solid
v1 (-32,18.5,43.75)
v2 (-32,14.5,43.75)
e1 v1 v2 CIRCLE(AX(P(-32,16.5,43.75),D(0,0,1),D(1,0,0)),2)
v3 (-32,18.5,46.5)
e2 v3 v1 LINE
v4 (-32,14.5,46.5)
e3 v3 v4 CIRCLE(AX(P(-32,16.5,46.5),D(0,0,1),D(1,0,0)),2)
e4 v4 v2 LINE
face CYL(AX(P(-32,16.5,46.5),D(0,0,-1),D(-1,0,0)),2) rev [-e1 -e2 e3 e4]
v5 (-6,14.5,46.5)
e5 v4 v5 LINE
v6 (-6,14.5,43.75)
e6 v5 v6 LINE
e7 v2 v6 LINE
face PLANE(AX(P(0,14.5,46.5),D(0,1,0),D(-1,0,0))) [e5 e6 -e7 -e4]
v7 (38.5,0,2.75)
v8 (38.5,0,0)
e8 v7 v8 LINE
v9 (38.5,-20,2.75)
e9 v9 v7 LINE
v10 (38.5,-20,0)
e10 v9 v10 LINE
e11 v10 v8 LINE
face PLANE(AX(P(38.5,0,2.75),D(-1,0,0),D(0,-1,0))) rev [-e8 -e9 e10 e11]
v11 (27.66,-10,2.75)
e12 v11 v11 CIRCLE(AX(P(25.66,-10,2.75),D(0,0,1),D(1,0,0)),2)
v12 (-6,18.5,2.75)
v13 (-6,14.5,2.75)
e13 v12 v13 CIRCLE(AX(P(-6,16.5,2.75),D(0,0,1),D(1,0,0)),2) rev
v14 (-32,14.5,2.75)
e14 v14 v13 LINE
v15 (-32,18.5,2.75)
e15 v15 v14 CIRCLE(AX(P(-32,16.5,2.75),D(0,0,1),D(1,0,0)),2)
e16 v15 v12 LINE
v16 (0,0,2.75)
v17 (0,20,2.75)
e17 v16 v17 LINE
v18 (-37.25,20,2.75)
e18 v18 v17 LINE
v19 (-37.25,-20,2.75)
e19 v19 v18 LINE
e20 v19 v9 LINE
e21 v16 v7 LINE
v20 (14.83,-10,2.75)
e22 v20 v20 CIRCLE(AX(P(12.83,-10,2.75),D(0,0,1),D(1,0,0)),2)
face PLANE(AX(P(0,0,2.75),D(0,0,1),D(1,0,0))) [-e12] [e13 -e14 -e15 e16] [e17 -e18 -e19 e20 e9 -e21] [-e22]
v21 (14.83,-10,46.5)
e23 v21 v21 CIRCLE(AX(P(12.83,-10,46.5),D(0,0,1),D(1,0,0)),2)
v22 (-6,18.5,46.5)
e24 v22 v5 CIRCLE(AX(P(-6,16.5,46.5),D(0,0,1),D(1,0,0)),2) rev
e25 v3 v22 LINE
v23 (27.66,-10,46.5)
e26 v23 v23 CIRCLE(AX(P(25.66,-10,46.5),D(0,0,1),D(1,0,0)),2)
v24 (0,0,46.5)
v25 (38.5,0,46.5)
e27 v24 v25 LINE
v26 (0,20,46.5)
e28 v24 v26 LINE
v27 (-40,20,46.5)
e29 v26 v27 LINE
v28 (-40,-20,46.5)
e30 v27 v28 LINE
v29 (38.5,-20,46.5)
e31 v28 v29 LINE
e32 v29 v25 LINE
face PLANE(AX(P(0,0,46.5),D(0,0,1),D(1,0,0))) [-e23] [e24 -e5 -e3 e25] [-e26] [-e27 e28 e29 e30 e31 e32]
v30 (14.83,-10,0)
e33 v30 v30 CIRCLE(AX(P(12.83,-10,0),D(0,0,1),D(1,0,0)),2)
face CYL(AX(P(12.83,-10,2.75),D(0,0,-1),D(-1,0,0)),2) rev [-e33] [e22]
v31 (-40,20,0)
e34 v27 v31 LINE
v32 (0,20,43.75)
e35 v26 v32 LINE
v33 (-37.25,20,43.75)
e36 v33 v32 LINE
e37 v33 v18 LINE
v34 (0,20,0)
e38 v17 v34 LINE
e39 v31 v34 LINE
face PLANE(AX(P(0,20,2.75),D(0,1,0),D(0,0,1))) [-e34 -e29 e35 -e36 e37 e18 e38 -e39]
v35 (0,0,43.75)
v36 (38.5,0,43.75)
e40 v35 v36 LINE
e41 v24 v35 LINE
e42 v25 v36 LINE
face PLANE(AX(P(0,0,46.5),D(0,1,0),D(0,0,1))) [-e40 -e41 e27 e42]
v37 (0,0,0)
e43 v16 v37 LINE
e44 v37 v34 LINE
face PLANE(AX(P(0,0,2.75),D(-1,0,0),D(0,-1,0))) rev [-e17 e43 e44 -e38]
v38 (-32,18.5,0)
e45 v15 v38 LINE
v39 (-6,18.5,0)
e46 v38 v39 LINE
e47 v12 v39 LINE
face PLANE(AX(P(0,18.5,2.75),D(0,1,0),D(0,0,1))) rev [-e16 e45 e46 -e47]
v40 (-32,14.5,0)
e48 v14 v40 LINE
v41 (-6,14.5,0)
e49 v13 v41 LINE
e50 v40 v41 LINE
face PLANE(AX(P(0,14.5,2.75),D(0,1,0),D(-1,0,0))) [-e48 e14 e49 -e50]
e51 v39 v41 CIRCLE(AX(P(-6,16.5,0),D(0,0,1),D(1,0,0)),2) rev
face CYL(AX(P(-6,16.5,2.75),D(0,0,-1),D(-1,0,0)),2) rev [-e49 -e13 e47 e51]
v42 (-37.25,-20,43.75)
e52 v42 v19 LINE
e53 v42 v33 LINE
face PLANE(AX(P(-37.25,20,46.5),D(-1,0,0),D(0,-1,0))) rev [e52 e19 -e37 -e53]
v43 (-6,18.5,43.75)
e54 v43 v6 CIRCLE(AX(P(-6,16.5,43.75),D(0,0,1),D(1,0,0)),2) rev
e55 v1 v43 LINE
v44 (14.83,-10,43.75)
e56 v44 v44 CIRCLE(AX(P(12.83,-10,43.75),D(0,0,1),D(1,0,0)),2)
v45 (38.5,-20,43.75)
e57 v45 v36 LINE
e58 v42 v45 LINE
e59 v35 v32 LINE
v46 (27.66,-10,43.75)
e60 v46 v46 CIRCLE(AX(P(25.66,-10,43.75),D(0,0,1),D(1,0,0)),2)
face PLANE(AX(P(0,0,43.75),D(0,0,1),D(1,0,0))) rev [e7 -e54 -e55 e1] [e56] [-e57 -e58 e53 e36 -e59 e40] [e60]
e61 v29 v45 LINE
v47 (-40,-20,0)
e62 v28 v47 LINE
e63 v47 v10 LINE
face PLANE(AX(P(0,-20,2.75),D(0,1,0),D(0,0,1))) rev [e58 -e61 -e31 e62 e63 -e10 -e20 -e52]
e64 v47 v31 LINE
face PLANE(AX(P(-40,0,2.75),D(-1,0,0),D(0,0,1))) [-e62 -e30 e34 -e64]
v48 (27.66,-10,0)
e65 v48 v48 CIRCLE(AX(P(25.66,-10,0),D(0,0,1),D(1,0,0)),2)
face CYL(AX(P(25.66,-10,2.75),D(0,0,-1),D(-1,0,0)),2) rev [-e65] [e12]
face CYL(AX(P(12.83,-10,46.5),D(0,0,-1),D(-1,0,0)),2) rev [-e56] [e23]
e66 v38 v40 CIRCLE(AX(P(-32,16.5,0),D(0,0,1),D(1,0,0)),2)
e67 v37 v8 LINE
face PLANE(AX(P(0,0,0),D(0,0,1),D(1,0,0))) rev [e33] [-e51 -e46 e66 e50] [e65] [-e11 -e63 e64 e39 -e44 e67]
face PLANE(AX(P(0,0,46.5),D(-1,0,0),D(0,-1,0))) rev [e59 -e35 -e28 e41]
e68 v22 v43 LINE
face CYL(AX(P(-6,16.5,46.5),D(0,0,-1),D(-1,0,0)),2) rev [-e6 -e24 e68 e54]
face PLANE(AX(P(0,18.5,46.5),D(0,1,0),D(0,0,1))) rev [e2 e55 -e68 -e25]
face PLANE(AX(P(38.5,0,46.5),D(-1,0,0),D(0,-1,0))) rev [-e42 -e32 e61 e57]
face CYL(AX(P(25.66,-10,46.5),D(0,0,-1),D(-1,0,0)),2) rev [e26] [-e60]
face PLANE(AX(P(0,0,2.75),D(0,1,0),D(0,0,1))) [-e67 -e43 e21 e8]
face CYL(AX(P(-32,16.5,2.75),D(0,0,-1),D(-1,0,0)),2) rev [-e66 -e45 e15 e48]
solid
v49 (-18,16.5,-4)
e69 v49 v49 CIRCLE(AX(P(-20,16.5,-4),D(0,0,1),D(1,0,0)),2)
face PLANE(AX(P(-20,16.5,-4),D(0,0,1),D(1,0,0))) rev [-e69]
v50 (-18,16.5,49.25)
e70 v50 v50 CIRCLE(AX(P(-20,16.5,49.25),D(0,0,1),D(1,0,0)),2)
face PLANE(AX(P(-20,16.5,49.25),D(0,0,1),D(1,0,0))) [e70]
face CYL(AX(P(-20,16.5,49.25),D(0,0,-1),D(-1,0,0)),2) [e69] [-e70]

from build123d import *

# Parameters (mm, degrees)
SKETCH1_R           = 2
BOSS_EXTRUDE1_DEPTH = 2.75
BOSS_EXTRUDE2_START = -4
SKETCH1_4_R         = 2
BOSS_EXTRUDE2_DEPTH = 53.25
SKETCH2_W           = 2.75
SKETCH2_H           = 40
BOSS_EXTRUDE3_DEPTH = 43.75
LPATTERN1_COUNT     = 2
LPATTERN1_PITCH     = 43.75


with BuildPart() as part:
    # Sketch1 → Boss-Extrude1 (new body)
    with BuildSketch(Plane.XY):
        Polygon((38.5, 0), (0, 0), (0, 20), (-40, 20), (-40, -20), (38.5, -20), align=None)
        with Locations((12.83, -10)):
            Circle(SKETCH1_R, mode=Mode.SUBTRACT)
        with Locations((25.66, -10)):
            Circle(SKETCH1_R, mode=Mode.SUBTRACT)
        with BuildLine():
            ThreePointArc((-32, 14.5), (-34, 16.5), (-32, 18.5))
            Line((-32, 18.5), (-20, 18.5))
            Line((-20, 18.5), (-6, 18.5))
            ThreePointArc((-6, 18.5), (-4, 16.5), (-6, 14.5))
            Line((-6, 14.5), (-20, 14.5))
            Line((-20, 14.5), (-32, 14.5))
        make_face(mode=Mode.SUBTRACT)
    boss_extrude1 = extrude(amount=BOSS_EXTRUDE1_DEPTH)

    # Sketch2 → Boss-Extrude3 (add)
    with BuildSketch(Plane.XY.offset(2.75)):
        with Locations((-38.625, 0)):
            Rectangle(SKETCH2_W, SKETCH2_H)
    extrude(amount=BOSS_EXTRUDE3_DEPTH)

    # LPattern1: Boss-Extrude1 ×2
    with Locations(*[(0, 0, i * LPATTERN1_PITCH) for i in range(1, LPATTERN1_COUNT)]):
        add(boss_extrude1)


with BuildPart() as body_2:
    # Sketch1<4> → Boss-Extrude2 (new body)
    with BuildSketch(Plane.XY.offset(BOSS_EXTRUDE2_START)):
        with Locations((-20, 16.5)):
            Circle(SKETCH1_4_R)
    extrude(amount=BOSS_EXTRUDE2_DEPTH)


solid = Compound([part.part, body_2.part])
